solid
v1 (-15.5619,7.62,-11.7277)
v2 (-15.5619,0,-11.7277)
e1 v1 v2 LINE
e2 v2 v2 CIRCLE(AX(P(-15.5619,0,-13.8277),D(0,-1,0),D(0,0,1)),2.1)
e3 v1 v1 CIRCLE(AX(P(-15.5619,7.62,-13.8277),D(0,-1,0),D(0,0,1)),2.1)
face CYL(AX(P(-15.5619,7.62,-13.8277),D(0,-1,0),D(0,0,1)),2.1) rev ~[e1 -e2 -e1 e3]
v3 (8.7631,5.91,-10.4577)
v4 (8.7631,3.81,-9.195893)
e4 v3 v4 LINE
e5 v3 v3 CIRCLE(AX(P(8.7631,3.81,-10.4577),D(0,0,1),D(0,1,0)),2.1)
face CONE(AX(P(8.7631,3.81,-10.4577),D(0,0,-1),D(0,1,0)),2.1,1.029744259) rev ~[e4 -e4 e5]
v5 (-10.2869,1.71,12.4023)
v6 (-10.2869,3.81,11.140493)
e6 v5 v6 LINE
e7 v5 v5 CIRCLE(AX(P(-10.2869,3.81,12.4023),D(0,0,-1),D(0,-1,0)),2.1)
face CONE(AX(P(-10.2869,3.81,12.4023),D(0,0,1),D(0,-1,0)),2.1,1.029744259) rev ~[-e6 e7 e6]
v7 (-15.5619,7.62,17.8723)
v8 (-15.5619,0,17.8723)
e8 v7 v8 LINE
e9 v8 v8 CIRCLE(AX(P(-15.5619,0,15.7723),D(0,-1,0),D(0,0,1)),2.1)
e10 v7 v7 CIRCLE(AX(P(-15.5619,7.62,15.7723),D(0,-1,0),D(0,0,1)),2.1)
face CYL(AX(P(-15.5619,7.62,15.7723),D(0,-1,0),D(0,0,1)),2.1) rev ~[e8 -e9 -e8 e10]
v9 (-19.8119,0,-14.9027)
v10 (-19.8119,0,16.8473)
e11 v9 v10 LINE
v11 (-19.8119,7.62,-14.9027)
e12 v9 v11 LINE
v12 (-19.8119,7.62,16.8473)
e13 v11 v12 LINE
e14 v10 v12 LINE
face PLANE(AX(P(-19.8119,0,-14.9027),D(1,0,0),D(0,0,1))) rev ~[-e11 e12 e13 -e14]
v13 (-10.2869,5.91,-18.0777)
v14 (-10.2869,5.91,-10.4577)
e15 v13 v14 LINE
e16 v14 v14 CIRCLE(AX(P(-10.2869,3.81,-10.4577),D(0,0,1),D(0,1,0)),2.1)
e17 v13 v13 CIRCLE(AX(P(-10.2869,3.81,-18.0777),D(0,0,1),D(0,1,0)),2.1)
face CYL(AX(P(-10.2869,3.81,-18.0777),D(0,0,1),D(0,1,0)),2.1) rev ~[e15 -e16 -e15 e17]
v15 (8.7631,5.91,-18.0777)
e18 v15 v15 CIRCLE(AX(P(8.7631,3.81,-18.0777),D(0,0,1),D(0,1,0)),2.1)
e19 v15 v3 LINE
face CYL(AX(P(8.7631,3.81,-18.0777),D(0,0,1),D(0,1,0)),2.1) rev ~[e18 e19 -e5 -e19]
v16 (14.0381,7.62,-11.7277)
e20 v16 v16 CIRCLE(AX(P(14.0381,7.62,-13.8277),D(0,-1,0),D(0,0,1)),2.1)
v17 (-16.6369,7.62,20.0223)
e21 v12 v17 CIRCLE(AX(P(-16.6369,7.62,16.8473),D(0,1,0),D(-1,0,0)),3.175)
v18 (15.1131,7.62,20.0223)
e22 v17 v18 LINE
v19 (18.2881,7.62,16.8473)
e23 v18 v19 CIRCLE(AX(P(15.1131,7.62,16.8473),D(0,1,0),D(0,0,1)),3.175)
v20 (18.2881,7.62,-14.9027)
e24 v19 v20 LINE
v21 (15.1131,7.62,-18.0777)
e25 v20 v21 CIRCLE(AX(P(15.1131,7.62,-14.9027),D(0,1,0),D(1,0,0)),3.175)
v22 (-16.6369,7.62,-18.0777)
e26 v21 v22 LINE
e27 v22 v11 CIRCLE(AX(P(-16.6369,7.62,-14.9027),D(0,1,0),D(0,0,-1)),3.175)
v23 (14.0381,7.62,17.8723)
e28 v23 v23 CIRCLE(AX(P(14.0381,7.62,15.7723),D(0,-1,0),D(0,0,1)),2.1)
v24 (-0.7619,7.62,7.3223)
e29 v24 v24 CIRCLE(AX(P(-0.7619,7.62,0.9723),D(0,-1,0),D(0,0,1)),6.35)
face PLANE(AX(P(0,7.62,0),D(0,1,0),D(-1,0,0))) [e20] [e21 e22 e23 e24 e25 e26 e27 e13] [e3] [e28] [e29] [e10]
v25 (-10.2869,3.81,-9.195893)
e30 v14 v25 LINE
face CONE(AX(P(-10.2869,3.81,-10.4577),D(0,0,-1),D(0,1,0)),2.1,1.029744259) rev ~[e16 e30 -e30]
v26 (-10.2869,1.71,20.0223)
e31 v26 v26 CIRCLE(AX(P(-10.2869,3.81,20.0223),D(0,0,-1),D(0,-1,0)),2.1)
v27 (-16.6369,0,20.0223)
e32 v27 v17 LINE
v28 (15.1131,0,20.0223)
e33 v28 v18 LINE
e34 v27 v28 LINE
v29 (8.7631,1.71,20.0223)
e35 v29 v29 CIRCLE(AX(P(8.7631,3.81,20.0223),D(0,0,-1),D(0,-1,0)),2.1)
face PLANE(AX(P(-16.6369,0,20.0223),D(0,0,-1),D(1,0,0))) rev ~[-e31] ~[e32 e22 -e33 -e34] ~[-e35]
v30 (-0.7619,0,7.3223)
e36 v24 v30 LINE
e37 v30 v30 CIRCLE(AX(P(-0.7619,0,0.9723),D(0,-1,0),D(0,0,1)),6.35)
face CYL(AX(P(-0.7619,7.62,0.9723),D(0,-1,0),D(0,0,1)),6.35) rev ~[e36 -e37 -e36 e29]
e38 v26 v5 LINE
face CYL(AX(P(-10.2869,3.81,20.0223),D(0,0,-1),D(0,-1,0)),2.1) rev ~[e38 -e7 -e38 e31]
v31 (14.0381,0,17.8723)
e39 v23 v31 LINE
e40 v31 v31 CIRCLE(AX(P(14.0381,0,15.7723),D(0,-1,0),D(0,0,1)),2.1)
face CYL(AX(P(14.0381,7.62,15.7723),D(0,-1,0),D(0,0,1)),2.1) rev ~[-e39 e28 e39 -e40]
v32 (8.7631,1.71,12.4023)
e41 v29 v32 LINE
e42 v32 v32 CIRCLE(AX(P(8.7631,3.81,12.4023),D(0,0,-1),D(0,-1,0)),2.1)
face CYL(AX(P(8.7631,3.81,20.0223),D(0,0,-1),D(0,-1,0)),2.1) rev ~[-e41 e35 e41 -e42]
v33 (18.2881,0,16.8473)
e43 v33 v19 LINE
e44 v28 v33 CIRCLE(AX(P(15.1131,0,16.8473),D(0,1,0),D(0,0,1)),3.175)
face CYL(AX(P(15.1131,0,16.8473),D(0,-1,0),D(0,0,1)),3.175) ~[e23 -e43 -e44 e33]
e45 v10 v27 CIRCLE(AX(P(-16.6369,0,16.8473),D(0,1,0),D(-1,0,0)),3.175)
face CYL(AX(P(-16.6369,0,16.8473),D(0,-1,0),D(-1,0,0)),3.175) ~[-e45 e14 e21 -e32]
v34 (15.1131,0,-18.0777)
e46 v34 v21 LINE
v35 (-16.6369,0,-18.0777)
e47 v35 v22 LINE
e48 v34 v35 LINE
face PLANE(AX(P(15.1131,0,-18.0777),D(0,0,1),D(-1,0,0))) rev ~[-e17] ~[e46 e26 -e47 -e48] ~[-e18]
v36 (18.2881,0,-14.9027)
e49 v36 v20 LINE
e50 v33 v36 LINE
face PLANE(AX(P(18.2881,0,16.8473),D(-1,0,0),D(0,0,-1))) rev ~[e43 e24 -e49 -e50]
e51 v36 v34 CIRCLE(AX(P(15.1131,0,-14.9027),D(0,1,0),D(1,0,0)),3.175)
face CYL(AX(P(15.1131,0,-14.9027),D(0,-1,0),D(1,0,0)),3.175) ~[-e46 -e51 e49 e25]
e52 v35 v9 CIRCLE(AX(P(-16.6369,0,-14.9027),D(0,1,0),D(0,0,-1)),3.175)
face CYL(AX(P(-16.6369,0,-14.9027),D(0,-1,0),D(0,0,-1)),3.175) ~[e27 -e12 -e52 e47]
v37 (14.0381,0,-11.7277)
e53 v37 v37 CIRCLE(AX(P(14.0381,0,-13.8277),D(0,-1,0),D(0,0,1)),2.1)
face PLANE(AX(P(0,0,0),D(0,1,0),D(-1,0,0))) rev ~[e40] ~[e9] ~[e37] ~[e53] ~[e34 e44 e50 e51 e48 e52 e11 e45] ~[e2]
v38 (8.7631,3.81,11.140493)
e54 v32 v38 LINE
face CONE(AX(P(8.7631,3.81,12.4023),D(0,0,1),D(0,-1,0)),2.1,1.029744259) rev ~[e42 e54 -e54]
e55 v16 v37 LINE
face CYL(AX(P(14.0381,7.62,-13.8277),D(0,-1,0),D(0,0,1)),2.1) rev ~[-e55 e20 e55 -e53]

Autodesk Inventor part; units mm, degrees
ref_plane "YZ Plane" through (0, 0, 0) normal (1, 0, 0) x (0, 1, 0)
ref_plane "XZ Plane" through (0, 0, 0) normal (0, 1, 0) x (-1, 0, 0)
ref_plane "XY Plane" through (0, 0, 0) normal (0, 0, 1) x (1, 0, 0)
sketch "Sketch1" plane through (0, 0, 0) normal (0, 1, 0) x (-1, 0, 0)
  line L0 (16.6369, 20.0223) -> (-15.1131, 20.0223)
  line L1 (-18.2881, 16.8473) -> (-18.2881, -14.9027)
  line L2 (-15.1131, -18.0777) -> (16.6369, -18.0777)
  line L3 (19.8119, -14.9027) -> (19.8119, 16.8473)
  arc A0 (19.8119, 16.8473) -> (16.6369, 20.0223) centre (16.6369, 16.8473) ccw
  arc A1 (-18.2881, -14.9027) -> (-15.1131, -18.0777) centre (-15.1131, -14.9027) ccw
  arc A2 (16.6369, -18.0777) -> (19.8119, -14.9027) centre (16.6369, -14.9027) ccw
  arc A3 (-15.1131, 20.0223) -> (-18.2881, 16.8473) centre (-15.1131, 16.8473) ccw
  point P0 (0, 0)
  dimension "d0" = 38.1
  dimension "d1" = 3.175
extrude "Extrusion1" add sketch "Sketch1" along normal blind 7.62
sketch "Sketch2" plane through (0, 7.62, 0) normal (0, 1, 0) x (1, 0, 0)
  line L0 (-19.8119, 14.9027) -> (-19.8119, -16.8473) projected
  line L1 (-16.6369, -20.0223) -> (15.1131, -20.0223) projected
  line L2 (15.1131, 18.0777) -> (-16.6369, 18.0777) projected
  line L3 (18.2881, -16.8473) -> (18.2881, 14.9027) projected
  point P0 (0, 0)
  point P1 (-15.5619, -15.7723)
  point P2 (-15.5619, 13.8277)
  point P3 (14.0381, 13.8277)
  point P4 (14.0381, -15.7723)
  dimension "d4" = 4.25
  dimension "d5" = 4.25
  dimension "d6" = 4.25
  dimension "d7" = 4.25
  dimension "d8" = 4.25
  dimension "d9" = 4.25
  dimension "d10" = 4.25
  dimension "d11" = 4.25
hole "Hole1" at (-15.5619, 7.62, 15.7723) at (-15.5619, 7.62, -13.8277) at (14.0381, 7.62, -13.8277) at (14.0381, 7.62, 15.7723) direction (0, -1, 0) diameter 4.2 end through all
sketch "Sketch3" plane through (0, 7.62, 0) normal (0, 1, 0) x (1, 0, 0)
  line L0 (-19.8119, 14.9027) -> (-19.8119, -16.8473) construction
  line L1 (-19.8119, -0.9723) -> (18.2881, -0.9723) construction
  line L2 (18.2881, -16.8473) -> (18.2881, 14.9027) construction
  point P0 (0, 0)
  point P1 (-0.7619, -0.9723)
  point P2 (-0.7619, -0.9723)
hole "Hole2" at (-0.7619, 7.62, 0.9723) direction (0, -1, 0) diameter 12.7 end through all
sketch "Sketch4" plane through (-16.6369, 0, 20.0223) normal (0, 0, 1) x (1, 0, 0)
  line L0 (31.75, 0) -> (31.75, 7.62) construction
  line L1 (31.75, 3.81) -> (0, 3.81) construction
  line L2 (0, 0) -> (0, 7.62) construction
  line L3 (-3.175, 0) -> (-3.175, 7.62) construction
  line L4 (34.925, 0) -> (34.925, 7.62) construction
  point P0 (16.6369, 0)
  point P1 (6.35, 3.81)
  point P2 (25.4, 3.81)
  dimension "d26" = 9.525
  dimension "d27" = 9.525
hole "Hole3" at (-10.2869, 3.81, 20.0223) at (8.7631, 3.81, 20.0223) direction (0, 0, -1) diameter 4.2 depth 7.62 tip angle 118
sketch "Sketch5" plane through (15.1131, 0, -18.0777) normal (0, 0, -1) x (-1, 0, 0)
  line L0 (-3.175, 0) -> (-3.175, 7.62) construction
  line L1 (34.925, 0) -> (34.925, 7.62) construction
  line L2 (31.75, 0) -> (31.75, 7.62) construction
  line L3 (0, 0) -> (0, 7.62) construction
  line L4 (0, 0) -> (0, 7.62) construction
  line L5 (0, 3.81) -> (31.75, 3.81) construction
  line L6 (31.75, 0) -> (31.75, 7.62) construction
  point P0 (15.1131, 0)
  point P1 (6.35, 3.81)
  point P2 (25.4, 3.81)
  dimension "d35" = 9.525
  dimension "d36" = 9.525
hole "Hole4" at (8.7631, 3.81, -18.0777) at (-10.2869, 3.81, -18.0777) direction (0, 0, 1) diameter 4.2 depth 7.62 tip angle 118
equation "\"d5\" = d4"
equation "\"d6\" = d4"
equation "\"d7\" = d4"
equation "\"d8\" = d4"
equation "\"d9\" = d4"
equation "\"d10\" = d4"
equation "\"d11\" = d4"
equation "\"d27\" = d26"
equation "\"d35\" = d26"
equation "\"d36\" = d26"
properties part number "Bearing_Block" material "Steel, Mild"
